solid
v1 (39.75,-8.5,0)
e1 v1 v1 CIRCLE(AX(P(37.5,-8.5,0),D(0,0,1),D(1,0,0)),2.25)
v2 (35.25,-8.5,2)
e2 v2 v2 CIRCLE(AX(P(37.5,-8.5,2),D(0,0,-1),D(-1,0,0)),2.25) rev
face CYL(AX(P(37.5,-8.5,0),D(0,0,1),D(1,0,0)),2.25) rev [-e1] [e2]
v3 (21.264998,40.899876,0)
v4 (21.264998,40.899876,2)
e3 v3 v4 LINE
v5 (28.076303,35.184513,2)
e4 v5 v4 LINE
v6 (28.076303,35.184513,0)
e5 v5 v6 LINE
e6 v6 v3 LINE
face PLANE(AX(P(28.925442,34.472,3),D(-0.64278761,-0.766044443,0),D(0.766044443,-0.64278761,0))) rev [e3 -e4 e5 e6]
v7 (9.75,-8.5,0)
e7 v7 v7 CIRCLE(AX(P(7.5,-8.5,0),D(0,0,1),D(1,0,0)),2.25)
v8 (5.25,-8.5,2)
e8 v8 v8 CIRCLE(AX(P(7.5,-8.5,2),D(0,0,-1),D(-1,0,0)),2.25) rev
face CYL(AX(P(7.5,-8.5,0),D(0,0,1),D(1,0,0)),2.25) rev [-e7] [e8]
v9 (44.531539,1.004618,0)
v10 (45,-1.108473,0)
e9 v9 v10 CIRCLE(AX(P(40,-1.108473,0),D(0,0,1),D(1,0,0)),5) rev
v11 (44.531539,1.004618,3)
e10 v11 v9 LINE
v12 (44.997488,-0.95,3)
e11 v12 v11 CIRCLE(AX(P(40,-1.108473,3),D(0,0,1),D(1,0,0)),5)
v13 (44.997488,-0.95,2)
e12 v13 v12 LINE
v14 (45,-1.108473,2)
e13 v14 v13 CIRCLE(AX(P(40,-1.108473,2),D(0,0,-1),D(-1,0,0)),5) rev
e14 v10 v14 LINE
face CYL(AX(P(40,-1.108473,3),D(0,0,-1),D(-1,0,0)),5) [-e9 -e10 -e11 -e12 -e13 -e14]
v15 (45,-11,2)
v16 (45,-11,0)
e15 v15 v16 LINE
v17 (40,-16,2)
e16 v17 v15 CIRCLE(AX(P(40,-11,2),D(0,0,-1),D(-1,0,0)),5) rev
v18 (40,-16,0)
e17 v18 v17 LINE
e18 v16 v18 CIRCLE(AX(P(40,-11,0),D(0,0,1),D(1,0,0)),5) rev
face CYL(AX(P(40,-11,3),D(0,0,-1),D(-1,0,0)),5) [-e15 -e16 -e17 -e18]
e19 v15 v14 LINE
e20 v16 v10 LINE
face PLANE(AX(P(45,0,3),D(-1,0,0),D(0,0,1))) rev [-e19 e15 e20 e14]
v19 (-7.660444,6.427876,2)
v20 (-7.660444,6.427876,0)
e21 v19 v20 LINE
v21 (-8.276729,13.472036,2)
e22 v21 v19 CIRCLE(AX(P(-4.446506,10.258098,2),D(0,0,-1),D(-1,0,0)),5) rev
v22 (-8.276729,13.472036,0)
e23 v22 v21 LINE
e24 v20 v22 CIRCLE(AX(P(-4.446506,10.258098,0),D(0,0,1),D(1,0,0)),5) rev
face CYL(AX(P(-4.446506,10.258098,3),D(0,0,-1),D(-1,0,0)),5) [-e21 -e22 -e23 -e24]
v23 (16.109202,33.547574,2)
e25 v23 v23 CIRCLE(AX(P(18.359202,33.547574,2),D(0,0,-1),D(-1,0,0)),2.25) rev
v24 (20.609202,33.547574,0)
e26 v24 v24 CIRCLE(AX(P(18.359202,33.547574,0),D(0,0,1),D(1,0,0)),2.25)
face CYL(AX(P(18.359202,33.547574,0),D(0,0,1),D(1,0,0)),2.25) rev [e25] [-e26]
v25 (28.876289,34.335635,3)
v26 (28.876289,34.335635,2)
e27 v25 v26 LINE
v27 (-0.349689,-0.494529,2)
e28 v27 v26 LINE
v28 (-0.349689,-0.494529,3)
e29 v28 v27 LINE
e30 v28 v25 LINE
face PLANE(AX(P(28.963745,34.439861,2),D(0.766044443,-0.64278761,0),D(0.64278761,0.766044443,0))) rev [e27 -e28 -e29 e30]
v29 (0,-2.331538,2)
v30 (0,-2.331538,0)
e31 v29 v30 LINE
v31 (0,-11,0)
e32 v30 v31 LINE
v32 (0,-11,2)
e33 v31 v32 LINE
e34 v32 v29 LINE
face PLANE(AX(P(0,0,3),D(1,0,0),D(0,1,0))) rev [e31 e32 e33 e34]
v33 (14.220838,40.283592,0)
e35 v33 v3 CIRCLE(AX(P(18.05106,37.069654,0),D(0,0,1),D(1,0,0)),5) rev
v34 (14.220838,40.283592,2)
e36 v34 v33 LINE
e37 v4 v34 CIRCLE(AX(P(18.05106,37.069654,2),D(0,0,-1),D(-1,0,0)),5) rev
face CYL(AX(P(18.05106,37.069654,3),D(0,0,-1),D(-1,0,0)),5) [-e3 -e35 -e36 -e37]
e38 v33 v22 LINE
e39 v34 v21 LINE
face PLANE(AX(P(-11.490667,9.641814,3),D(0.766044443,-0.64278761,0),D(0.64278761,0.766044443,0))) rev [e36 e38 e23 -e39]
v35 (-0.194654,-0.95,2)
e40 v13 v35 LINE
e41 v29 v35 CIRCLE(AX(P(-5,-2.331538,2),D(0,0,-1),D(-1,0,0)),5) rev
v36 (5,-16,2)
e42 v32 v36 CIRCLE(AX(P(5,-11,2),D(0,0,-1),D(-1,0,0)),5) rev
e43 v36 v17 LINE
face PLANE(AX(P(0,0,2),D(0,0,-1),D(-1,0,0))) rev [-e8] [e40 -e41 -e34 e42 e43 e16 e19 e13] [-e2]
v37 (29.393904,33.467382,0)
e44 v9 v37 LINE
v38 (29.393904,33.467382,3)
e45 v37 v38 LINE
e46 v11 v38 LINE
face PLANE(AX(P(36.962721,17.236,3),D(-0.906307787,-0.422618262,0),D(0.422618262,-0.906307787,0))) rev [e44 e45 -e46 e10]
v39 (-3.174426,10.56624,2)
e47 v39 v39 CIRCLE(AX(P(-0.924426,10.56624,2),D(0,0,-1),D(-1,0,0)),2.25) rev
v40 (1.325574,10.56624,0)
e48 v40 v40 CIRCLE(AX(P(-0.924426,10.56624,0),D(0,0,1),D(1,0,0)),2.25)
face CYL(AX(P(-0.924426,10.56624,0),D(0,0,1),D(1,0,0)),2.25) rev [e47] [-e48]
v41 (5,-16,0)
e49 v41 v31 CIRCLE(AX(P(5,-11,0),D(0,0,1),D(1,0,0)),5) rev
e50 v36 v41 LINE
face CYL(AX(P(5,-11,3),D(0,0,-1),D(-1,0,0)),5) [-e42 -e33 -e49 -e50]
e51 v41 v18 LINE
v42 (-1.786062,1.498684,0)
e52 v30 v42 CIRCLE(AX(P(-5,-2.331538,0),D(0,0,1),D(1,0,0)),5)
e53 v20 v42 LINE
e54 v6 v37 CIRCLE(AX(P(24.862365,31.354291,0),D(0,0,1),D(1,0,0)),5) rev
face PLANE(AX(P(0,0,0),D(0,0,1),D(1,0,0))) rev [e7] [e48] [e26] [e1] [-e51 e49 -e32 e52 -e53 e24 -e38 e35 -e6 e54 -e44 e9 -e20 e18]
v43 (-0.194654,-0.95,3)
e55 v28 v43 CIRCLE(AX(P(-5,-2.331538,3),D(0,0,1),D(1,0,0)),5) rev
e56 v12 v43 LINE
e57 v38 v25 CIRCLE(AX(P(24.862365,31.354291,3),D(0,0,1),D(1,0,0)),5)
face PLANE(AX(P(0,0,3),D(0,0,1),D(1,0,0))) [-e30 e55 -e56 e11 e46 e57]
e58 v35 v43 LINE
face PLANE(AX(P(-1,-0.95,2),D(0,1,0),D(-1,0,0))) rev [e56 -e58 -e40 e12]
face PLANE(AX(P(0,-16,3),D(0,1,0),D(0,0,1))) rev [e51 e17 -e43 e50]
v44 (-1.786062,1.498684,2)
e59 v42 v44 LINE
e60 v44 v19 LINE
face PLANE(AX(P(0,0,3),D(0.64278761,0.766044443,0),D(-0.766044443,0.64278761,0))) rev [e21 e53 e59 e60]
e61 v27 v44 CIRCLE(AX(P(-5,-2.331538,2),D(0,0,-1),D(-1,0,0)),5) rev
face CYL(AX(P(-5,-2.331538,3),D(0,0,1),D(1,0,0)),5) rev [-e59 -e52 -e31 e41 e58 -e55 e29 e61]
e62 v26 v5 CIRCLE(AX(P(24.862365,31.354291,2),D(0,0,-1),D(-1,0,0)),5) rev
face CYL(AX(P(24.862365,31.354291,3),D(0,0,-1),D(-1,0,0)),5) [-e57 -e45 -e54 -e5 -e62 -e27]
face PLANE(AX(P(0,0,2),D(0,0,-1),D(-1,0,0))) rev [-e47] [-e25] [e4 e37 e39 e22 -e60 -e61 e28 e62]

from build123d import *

# Parameters (mm, degrees)
EXTRUDE_1_DEPTH     = 3
SKETCH_2_R          = 2.25
CUT_EXTRUDE_1_DEPTH = 3
FILLET_1_R          = 5
SKETCH_3_W          = 46
SKETCH_3_H          = 15.05
CUT_EXTRUDE_2_DEPTH = 1


with BuildPart() as part:
    # ｽｹｯﾁ1 → ﾎﾞｽ - 押し出し1 (new body)
    with BuildSketch(Plane.XY):
        Polygon((17.434775789, 44.113814086), (-11.490666647, 9.641814145), (0, 0), (0, -16), (45, -16), (45, 0), (28.925442436, 34.47199994), align=None)
    extrude(amount=EXTRUDE_1_DEPTH)

    # ｽｹｯﾁ2 → ｶｯﾄ - 押し出し1 (cut)
    with BuildSketch(Plane.XY.offset(3)):
        with Locations((7.5, -8.5)):
            Circle(SKETCH_2_R)
        with Locations((-0.924426251, 10.566240396)):
            Circle(SKETCH_2_R)
        with Locations((18.35920204, 33.54757369)):
            Circle(SKETCH_2_R)
        with Locations((37.5, -8.5)):
            Circle(SKETCH_2_R)
    extrude(amount=-CUT_EXTRUDE_1_DEPTH, mode=Mode.SUBTRACT)

    # ﾌｨﾚｯﾄ1
    fillet_1_edges = [part.edges().sort_by_distance(p)[0] for p in [
        (17.434775789, 44.113814086, 1.5),
        (28.925442436, 34.47199994, 1.5),
        (45, 0, 1.5),
        (45, -16, 1.5),
        (0, -16, 1.5),
        (0, 0, 1.5),
        (-11.490666647, 9.641814145, 1.5),
    ]]
    fillet(fillet_1_edges, radius=FILLET_1_R)

    # ｽｹｯﾁ3 → ｶｯﾄ - 押し出し2 (cut)
    with BuildSketch(Plane.XY.offset(3)):
        Polygon((17.434775789, 44.113814086), (-12.133454256, 8.875769702), (-0.604485388, -0.798183824), (28.963744658, 34.43986056), align=None)
        with Locations((22, -8.475)):
            Rectangle(SKETCH_3_W, SKETCH_3_H)
    extrude(amount=-CUT_EXTRUDE_2_DEPTH, mode=Mode.SUBTRACT)


solid = part.part
